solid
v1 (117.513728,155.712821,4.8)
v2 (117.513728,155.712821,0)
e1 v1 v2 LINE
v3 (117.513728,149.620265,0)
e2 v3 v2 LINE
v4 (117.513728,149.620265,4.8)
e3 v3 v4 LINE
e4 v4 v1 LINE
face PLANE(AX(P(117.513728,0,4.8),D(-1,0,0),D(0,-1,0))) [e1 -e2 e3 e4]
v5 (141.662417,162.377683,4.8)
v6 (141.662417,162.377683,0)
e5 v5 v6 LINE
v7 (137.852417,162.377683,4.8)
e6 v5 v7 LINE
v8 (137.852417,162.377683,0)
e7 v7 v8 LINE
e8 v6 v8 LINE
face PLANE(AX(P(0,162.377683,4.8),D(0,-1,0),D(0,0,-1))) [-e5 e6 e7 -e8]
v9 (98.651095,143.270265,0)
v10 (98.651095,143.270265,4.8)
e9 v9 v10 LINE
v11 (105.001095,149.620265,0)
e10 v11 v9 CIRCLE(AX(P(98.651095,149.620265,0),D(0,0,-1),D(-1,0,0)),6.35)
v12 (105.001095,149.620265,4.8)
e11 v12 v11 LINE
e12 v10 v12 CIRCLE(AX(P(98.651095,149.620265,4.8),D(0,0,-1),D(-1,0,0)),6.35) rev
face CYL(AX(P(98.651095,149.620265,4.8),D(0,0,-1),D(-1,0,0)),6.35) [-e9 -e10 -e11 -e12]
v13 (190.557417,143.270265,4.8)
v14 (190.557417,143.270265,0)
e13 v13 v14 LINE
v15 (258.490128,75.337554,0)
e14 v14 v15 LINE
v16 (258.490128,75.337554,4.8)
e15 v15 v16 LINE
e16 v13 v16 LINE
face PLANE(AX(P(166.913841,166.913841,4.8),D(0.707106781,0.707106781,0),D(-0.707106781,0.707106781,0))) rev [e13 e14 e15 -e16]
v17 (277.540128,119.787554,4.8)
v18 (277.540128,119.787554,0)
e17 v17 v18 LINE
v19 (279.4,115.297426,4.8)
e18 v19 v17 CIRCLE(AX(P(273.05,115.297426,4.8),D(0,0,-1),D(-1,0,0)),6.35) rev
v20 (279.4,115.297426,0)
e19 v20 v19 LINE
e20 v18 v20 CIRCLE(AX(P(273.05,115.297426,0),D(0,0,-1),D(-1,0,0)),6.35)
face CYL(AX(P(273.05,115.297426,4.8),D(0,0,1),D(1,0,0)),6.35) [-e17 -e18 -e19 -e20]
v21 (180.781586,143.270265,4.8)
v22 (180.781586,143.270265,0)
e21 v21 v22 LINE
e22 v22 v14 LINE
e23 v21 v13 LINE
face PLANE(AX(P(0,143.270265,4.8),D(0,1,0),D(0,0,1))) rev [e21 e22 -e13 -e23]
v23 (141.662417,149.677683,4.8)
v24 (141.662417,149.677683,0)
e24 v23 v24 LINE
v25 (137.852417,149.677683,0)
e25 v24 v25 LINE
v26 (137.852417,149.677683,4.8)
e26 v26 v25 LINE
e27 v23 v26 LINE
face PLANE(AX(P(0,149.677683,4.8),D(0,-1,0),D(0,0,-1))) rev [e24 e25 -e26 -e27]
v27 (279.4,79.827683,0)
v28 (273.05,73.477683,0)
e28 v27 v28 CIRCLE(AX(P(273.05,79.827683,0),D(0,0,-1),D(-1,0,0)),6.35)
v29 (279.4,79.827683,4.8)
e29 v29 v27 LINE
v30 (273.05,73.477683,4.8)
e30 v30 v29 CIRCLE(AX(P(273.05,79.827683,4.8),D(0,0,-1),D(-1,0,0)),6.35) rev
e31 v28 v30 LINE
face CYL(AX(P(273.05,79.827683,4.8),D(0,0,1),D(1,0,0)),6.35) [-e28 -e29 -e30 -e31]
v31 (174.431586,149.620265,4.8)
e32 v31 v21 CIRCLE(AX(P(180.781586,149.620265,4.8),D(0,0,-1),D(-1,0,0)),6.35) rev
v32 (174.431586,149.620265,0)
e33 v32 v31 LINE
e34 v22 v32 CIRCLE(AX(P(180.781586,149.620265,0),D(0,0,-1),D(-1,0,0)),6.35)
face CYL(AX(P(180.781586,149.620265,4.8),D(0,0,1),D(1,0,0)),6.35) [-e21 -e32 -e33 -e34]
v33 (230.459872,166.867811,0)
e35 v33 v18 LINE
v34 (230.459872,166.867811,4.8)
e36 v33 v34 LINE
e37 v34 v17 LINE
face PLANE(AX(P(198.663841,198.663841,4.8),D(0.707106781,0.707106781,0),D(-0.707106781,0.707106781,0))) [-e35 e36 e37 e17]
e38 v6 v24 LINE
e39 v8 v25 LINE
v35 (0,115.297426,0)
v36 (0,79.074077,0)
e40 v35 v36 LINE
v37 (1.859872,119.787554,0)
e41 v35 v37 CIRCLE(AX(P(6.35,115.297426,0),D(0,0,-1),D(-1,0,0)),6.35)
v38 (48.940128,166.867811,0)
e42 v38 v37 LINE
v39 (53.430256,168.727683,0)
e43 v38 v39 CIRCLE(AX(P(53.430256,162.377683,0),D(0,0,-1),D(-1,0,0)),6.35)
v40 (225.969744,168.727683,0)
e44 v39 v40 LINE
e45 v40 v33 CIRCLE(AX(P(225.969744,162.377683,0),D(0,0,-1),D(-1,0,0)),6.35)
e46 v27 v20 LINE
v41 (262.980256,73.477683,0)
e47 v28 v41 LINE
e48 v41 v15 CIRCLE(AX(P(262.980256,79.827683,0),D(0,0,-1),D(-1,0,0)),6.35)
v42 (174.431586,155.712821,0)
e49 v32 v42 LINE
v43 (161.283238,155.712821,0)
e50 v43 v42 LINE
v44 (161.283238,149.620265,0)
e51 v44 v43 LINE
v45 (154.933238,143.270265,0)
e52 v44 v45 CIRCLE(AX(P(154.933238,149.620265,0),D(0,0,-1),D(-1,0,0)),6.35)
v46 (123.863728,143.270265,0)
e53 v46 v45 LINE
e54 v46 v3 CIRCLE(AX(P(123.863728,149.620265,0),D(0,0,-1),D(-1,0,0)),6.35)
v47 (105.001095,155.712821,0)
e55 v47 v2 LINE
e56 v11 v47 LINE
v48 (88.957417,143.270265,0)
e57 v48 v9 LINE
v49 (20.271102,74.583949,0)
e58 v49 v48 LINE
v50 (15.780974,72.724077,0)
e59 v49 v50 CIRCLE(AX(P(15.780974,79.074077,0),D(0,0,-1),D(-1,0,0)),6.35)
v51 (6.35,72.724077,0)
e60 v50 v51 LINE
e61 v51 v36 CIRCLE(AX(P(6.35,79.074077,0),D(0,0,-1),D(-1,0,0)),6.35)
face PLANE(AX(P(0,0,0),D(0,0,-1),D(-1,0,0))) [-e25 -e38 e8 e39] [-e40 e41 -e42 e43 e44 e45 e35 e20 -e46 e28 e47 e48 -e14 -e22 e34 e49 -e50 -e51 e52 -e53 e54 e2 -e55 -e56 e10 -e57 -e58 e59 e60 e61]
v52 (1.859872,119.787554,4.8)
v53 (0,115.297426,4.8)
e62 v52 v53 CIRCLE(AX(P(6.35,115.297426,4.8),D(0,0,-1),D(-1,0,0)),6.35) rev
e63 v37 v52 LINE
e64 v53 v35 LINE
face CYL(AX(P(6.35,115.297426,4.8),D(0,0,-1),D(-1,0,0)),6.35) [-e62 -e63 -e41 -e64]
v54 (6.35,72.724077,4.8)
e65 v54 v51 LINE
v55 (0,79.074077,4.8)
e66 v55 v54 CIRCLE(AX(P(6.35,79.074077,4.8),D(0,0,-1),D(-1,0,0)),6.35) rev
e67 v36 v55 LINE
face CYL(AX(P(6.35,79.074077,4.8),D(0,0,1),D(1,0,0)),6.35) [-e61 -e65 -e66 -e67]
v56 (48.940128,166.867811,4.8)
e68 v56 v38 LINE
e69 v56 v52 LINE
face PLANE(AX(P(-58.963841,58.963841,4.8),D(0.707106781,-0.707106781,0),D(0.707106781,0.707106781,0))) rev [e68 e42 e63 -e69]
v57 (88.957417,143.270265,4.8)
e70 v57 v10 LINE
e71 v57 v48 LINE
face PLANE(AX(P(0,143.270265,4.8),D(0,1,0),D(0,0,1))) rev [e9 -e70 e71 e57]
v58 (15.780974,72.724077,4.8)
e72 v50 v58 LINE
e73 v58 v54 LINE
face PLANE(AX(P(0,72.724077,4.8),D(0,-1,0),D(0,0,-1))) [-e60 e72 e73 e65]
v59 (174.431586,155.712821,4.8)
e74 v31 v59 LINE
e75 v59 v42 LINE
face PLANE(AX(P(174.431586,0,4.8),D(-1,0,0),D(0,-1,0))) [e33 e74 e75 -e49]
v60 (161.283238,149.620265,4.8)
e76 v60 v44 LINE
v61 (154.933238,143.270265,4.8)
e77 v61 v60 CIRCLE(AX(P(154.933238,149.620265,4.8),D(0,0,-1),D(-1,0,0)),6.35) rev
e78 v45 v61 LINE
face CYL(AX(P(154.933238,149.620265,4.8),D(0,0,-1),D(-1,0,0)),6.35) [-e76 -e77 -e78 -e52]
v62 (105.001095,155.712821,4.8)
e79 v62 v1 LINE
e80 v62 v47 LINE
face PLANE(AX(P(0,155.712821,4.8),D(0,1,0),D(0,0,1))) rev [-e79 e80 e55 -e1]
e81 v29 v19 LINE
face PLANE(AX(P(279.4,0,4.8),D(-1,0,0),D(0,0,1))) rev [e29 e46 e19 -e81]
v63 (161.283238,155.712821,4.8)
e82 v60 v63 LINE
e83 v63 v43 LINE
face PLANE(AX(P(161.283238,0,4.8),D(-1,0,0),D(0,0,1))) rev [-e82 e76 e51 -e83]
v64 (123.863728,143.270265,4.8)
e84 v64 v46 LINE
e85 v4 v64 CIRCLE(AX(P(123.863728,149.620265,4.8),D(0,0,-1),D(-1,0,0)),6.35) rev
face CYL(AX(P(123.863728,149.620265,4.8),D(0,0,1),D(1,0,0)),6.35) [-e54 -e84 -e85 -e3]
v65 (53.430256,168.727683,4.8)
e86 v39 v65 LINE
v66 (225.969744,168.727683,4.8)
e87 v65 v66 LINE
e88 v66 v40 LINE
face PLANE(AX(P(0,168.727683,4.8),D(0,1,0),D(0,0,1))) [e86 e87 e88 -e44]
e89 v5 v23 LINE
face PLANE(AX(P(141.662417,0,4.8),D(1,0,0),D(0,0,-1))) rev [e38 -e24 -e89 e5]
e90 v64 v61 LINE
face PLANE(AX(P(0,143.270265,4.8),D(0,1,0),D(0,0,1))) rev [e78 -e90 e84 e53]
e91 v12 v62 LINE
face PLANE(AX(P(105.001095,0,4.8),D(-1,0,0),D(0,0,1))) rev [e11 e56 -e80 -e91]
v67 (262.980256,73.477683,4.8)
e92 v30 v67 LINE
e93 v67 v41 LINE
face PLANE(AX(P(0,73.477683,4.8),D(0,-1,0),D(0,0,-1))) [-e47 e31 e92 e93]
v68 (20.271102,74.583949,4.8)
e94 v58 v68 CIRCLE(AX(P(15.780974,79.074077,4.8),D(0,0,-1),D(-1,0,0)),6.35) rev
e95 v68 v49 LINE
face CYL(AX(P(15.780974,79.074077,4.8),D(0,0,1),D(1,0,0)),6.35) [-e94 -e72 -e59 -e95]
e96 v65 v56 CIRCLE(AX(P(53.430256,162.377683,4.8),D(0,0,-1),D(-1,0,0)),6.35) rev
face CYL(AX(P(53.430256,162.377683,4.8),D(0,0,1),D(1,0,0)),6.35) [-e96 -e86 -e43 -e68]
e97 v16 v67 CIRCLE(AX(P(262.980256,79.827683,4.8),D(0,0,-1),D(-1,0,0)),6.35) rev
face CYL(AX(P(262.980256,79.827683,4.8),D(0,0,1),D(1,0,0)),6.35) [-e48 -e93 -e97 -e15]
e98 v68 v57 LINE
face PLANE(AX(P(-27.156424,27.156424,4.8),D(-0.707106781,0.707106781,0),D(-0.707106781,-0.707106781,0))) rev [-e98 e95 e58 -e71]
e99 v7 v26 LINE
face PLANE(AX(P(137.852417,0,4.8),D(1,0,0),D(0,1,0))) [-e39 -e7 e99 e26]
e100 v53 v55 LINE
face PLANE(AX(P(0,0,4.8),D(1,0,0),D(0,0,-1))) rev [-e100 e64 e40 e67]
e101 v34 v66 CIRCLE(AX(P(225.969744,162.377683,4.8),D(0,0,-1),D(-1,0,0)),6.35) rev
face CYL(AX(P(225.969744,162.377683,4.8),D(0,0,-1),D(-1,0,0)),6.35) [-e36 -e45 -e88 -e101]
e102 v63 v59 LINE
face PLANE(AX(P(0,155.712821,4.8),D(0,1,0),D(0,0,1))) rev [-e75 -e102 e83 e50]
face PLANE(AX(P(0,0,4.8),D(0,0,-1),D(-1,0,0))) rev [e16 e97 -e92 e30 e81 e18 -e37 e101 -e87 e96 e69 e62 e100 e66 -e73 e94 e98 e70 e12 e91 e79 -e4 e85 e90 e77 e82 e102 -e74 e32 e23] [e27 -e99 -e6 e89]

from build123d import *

# Parameters (mm, degrees)
SKETCH1_W           = 279.4
SKETCH1_H           = 254
BOSS_EXTRUDE1_DEPTH = 4.800000052
SKETCH4_W           = 13.148347957
SKETCH4_H           = 12.442555781
SKETCH4_W_2         = 3.81
SKETCH4_H_2         = 12.7
SKETCH4_W_3         = 12.512633495
CUT_EXTRUDE1_DEPTH  = 378.628653575
FILLET1_R           = 6.35


with BuildPart() as part:
    # Sketch1 → Boss-Extrude1 (new body)
    with BuildSketch(Plane.XY):
        with Locations((139.7, 127)):
            Rectangle(SKETCH1_W, SKETCH1_H)
    extrude(amount=BOSS_EXTRUDE1_DEPTH)

    # Sketch4 → Cut-Extrude1 (cut, through all)
    with BuildSketch(Plane(origin=(0, 0, 0), x_dir=(-1, 0, 0), z_dir=(0, 0, -1))):
        Polygon((0, 0), (0, 72.724077305), (-18.411229684, 72.724077305), (-88.95741747, 143.27026509), (-105.001094941, 143.27026509), (-117.513728436, 143.27026509), (-161.28323771, 143.27026509), (-174.431585667, 143.27026509), (-190.55741747, 143.27026509), (-260.35, 73.47768256), (-279.4, 73.47768256), (-279.4, 0), align=None)
        Polygon((-190.5, 168.72768256), (-88.9, 168.72768256), (-50.8, 168.72768256), (0, 117.92768256), (0, 254), (-279.4, 254), (-279.4, 117.92768256), (-228.6, 168.72768256), align=None)
        with Locations((-167.857411689, 149.491542981)):
            Rectangle(SKETCH4_W, SKETCH4_H)
        with Locations((-139.75741747, 156.02768256)):
            Rectangle(SKETCH4_W_2, SKETCH4_H_2)
        with Locations((-111.257411689, 149.491542981)):
            Rectangle(SKETCH4_W_3, SKETCH4_H)
    extrude(amount=-CUT_EXTRUDE1_DEPTH, mode=Mode.SUBTRACT)

    # Fillet1
    fillet1_edges = [part.edges().sort_by_distance(p)[0] for p in [
        (18.411229684, 72.724077305, 2.400000026),
        (0, 72.724077305, 2.400000026),
        (279.4, 73.47768256, 2.400000026),
        (260.35, 73.47768256, 2.400000026),
        (174.431585667, 143.27026509, 2.400000026),
        (161.28323771, 143.27026509, 2.400000026),
        (117.513728436, 143.27026509, 2.400000026),
        (105.001094941, 143.27026509, 2.400000026),
        (228.6, 168.72768256, 2.400000026),
        (279.4, 117.92768256, 2.400000026),
        (0, 117.92768256, 2.400000026),
        (50.8, 168.72768256, 2.400000026),
    ]]
    fillet(fillet1_edges, radius=FILLET1_R)


solid = part.part
